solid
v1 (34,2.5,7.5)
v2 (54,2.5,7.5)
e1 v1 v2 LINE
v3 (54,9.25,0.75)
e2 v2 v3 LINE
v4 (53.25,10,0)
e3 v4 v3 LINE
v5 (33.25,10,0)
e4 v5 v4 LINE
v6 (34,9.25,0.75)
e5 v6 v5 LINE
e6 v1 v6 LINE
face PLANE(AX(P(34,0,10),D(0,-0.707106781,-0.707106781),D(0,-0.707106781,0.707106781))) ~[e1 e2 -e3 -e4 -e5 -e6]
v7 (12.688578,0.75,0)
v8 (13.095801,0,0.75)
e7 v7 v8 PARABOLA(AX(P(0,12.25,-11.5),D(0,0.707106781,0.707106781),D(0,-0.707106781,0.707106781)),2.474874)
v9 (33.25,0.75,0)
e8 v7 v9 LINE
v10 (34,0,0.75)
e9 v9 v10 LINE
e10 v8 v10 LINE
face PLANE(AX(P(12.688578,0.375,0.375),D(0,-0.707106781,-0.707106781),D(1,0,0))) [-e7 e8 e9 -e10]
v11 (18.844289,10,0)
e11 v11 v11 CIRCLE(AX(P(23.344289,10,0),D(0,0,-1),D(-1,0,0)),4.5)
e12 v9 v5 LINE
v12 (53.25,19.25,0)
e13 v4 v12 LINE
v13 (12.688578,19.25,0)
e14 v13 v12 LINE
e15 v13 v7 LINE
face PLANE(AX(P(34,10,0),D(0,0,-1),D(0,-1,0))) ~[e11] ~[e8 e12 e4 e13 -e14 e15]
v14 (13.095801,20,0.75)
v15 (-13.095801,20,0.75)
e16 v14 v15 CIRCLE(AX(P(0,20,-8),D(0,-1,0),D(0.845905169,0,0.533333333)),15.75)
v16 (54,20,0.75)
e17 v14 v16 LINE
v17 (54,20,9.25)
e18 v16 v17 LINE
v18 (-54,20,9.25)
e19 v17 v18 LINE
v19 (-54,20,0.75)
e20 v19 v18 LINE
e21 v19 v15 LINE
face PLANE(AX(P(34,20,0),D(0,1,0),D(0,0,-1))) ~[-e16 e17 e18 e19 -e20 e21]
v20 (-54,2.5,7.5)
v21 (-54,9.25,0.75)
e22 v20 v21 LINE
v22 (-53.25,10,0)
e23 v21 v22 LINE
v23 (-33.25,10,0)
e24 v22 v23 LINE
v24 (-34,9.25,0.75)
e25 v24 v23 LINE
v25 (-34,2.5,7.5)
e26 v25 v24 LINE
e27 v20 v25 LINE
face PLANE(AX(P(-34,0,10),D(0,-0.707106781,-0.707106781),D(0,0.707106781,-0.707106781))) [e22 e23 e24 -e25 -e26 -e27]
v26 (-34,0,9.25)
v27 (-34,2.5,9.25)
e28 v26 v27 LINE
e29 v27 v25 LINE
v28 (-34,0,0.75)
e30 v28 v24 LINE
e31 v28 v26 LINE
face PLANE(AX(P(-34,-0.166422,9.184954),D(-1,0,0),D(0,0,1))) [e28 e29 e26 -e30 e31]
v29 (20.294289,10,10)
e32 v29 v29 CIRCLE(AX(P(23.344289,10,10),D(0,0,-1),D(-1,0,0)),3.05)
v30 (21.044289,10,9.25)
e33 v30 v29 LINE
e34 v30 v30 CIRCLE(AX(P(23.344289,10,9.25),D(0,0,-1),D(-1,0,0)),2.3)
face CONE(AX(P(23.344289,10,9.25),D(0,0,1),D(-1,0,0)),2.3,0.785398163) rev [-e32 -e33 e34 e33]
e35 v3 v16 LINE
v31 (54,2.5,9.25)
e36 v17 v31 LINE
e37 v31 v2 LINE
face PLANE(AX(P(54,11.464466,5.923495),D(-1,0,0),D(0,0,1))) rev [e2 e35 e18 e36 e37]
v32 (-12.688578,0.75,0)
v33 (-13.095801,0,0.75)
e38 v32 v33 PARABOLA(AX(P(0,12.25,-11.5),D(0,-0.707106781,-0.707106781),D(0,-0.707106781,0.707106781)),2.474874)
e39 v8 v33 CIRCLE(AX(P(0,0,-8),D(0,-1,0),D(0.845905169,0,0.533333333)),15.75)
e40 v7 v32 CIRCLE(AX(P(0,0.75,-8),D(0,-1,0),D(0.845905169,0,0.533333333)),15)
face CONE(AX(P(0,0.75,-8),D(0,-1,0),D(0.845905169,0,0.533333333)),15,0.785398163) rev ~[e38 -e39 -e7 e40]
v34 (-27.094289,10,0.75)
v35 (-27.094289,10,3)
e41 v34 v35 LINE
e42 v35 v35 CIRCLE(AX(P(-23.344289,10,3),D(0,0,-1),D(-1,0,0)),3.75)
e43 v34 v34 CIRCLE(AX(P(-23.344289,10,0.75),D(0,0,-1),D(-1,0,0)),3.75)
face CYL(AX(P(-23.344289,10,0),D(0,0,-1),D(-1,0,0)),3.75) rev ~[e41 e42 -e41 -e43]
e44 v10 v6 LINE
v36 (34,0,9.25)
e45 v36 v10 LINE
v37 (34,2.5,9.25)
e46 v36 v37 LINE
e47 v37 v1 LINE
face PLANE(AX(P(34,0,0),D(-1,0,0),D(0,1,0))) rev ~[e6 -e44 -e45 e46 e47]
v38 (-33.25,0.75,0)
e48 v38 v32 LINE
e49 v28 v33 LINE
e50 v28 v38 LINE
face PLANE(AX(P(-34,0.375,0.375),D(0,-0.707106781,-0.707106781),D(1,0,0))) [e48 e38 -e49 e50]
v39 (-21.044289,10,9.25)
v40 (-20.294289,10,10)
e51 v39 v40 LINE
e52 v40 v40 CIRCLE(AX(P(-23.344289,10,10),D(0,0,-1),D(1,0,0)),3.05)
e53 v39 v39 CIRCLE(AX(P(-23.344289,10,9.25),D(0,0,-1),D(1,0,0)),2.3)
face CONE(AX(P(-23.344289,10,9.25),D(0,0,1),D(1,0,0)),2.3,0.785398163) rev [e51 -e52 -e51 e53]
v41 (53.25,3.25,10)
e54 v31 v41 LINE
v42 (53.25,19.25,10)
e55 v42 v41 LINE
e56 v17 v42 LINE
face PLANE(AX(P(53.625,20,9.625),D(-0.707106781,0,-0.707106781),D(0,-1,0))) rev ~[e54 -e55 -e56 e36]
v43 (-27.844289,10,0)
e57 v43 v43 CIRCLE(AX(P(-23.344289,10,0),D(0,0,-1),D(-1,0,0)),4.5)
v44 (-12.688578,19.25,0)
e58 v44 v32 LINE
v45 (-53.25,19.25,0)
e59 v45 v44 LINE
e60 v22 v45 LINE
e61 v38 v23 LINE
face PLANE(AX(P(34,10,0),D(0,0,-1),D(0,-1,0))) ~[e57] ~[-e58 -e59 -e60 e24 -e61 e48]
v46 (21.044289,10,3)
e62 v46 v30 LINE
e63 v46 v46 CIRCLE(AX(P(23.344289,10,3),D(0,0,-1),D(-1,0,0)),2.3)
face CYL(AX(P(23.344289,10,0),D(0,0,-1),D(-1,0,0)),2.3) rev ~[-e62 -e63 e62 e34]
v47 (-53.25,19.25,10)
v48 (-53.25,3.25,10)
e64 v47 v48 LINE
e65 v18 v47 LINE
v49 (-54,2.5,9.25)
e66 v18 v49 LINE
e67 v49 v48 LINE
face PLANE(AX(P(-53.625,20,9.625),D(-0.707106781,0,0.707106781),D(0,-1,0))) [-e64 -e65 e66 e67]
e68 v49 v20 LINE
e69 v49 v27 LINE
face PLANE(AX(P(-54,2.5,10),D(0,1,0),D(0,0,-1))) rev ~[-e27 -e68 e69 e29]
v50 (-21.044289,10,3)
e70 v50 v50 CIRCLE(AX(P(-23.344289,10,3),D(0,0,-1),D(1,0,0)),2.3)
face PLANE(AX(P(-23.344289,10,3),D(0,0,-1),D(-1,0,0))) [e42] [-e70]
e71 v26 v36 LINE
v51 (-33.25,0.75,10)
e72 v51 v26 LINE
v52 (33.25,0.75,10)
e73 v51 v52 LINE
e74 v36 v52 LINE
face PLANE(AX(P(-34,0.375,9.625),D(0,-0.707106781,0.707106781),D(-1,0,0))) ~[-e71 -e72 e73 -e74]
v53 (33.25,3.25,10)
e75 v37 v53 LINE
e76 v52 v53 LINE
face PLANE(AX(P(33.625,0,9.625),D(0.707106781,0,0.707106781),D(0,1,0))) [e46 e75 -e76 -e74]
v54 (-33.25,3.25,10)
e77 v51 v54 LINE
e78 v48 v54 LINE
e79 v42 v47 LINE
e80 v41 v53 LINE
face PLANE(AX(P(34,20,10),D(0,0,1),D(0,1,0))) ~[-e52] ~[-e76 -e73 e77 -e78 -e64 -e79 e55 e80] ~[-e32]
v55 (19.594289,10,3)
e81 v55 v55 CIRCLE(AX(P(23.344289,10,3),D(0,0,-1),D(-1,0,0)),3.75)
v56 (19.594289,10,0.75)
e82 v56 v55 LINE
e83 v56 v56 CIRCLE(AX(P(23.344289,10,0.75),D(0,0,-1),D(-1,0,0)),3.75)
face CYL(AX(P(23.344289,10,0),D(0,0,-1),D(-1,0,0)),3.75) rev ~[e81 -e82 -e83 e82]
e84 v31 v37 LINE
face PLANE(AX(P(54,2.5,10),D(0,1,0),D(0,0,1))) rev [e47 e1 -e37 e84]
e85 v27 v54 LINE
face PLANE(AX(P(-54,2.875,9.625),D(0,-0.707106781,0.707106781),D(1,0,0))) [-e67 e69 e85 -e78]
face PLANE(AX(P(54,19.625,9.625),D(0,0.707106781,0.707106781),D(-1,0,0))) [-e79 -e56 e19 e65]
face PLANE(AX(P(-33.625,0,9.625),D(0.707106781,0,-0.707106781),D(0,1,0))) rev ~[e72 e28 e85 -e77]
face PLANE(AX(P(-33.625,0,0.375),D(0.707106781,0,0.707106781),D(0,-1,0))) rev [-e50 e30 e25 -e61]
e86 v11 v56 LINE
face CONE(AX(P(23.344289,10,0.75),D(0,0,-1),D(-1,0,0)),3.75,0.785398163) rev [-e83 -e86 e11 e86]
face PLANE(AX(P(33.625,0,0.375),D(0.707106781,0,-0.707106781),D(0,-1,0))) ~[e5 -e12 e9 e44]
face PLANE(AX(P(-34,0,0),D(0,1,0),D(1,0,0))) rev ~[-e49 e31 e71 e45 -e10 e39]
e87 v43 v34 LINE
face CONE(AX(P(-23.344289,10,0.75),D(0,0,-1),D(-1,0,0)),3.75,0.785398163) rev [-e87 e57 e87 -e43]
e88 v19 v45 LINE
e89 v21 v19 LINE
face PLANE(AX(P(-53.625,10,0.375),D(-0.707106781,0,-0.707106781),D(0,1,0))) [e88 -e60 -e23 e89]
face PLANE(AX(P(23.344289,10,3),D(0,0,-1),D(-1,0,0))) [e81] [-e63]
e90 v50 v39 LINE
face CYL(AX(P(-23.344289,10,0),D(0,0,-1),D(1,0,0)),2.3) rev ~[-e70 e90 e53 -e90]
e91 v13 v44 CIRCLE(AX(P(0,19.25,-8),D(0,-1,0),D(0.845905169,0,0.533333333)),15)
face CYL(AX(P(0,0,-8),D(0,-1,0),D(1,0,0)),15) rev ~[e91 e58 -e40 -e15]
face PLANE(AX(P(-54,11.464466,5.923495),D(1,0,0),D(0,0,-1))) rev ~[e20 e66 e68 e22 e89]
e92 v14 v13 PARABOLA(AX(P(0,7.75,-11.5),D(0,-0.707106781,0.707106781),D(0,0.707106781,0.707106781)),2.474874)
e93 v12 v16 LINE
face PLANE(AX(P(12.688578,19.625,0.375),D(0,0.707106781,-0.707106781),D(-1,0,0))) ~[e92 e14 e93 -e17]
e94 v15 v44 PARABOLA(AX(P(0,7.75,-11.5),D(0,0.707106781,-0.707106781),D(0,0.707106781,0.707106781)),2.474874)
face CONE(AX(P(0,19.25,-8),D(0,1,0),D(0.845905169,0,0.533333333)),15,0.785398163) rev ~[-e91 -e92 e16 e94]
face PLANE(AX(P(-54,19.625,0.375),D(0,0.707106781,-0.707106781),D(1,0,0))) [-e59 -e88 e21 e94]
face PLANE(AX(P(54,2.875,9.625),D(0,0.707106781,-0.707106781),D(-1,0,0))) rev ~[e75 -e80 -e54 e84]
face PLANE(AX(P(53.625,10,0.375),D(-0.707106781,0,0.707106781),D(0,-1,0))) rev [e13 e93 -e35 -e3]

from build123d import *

# Parameters (mm, degrees)
SKIZZE1_W                       = 68
SKIZZE1_H                       = 20
AUFSATZ_LINEAR_AUSTRAGEN1_DEPTH = 10
AUFSATZ_LINEAR_AUSTRAGEN2_DEPTH = 20
SKIZZE3_R                       = 15
SCHNITT_LINEAR_AUSTRAGEN1_DEPTH = 20
SKIZZE4_R                       = 2.3
SCHNITT_LINEAR_AUSTRAGEN2_DEPTH = 20
SKIZZE5_R                       = 3.75
SCHNITT_LINEAR_AUSTRAGEN3_DEPTH = 3
SCHNITT_LINEAR_AUSTRAGEN4_DEPTH = 20
FASE3_SIZE                      = 0.75


with BuildPart() as part:
    # Skizze1 → Aufsatz-Linear austragen1 (new body)
    with BuildSketch(Plane.XY):
        with Locations((0, 10)):
            Rectangle(SKIZZE1_W, SKIZZE1_H)
    extrude(amount=AUFSATZ_LINEAR_AUSTRAGEN1_DEPTH)

    # Skizze2 → Aufsatz-Linear austragen2 (add)
    with BuildSketch(Plane.ZY.offset(34)):
        Polygon((10, 0), (0, 10), (0, 20), (10, 20), align=None)
    aufsatz_linear_austragen2 = extrude(amount=AUFSATZ_LINEAR_AUSTRAGEN2_DEPTH)

    # Spiegeln1: Aufsatz-Linear austragen2 across plane
    add(aufsatz_linear_austragen2.mirror(Plane(origin=(0, 0, 0), x_dir=(0, 0, 1), z_dir=(1, 0, 0))))

    # Skizze3 → Schnitt-Linear austragen1 (cut)
    with BuildSketch(Plane.XZ):
        with Locations((0, -8)):
            Circle(SKIZZE3_R)
    extrude(amount=-SCHNITT_LINEAR_AUSTRAGEN1_DEPTH, mode=Mode.SUBTRACT)

    # Skizze4 → Schnitt-Linear austragen2 (cut)
    with BuildSketch(Plane(origin=(0, 0, 0), x_dir=(-1, 0, 0), z_dir=(0, 0, -1))):
        with Locations((-23.34428877, 10)):
            Circle(SKIZZE4_R)
        with Locations(Location((23.34428877, 10, 0), (0, 0, 180))):
            Circle(SKIZZE4_R)
    extrude(amount=-SCHNITT_LINEAR_AUSTRAGEN2_DEPTH, mode=Mode.SUBTRACT)

    # Skizze5 → Schnitt-Linear austragen3 (cut)
    with BuildSketch(Plane(origin=(0, 0, 0), x_dir=(-1, 0, 0), z_dir=(0, 0, -1))):
        with Locations((-23.34428877, 10)):
            Circle(SKIZZE5_R)
        with Locations((23.34428877, 10)):
            Circle(SKIZZE5_R)
    extrude(amount=-SCHNITT_LINEAR_AUSTRAGEN3_DEPTH, mode=Mode.SUBTRACT)

    # Skizze6 → Schnitt-Linear austragen4 (cut)
    with BuildSketch(Plane.ZY.offset(54)):
        Polygon((10, 2.5), (4.852604626, 2.5), (4.852604626, -2.668604054), (13.586779437, -2.788104879), (13.586779437, 2.151024835), align=None)
    schnitt_linear_austragen4 = extrude(amount=-SCHNITT_LINEAR_AUSTRAGEN4_DEPTH, mode=Mode.SUBTRACT)

    # Spiegeln3: Schnitt-Linear austragen4 across plane
    add(schnitt_linear_austragen4.mirror(Plane(origin=(0, 0, 0), x_dir=(0, 0, 1), z_dir=(1, 0, 0))), mode=Mode.SUBTRACT)

    # Fase3
    fase3_edges = [part.edges().sort_by_distance(p)[0] for p in [
        (54, 11.25, 10),
        (44, 2.5, 10),
        (34, 1.25, 10),
        (0, 0, 10),
        (-34, 5, 0),
        (-54, 15, 0),
        (54, 15, 0),
        (-33.34428877, 20, 0),
        (23.34428877, 0, 0),
        (0, 20, 7),
        (0, 0, 7),
        (0, 20, 10),
        (34, 5, 0),
        (-23.34428877, 0, 0),
        (25.64428877, 10, 10),
        (-25.64428877, 10, 10),
        (33.34428877, 20, 0),
        (27.09428877, 10, 0),
        (-19.59428877, 10, 0),
        (-54, 11.25, 10),
        (-44, 2.5, 10),
        (-34, 1.25, 10),
    ]]
    chamfer(fase3_edges, length=FASE3_SIZE)


solid = part.part
